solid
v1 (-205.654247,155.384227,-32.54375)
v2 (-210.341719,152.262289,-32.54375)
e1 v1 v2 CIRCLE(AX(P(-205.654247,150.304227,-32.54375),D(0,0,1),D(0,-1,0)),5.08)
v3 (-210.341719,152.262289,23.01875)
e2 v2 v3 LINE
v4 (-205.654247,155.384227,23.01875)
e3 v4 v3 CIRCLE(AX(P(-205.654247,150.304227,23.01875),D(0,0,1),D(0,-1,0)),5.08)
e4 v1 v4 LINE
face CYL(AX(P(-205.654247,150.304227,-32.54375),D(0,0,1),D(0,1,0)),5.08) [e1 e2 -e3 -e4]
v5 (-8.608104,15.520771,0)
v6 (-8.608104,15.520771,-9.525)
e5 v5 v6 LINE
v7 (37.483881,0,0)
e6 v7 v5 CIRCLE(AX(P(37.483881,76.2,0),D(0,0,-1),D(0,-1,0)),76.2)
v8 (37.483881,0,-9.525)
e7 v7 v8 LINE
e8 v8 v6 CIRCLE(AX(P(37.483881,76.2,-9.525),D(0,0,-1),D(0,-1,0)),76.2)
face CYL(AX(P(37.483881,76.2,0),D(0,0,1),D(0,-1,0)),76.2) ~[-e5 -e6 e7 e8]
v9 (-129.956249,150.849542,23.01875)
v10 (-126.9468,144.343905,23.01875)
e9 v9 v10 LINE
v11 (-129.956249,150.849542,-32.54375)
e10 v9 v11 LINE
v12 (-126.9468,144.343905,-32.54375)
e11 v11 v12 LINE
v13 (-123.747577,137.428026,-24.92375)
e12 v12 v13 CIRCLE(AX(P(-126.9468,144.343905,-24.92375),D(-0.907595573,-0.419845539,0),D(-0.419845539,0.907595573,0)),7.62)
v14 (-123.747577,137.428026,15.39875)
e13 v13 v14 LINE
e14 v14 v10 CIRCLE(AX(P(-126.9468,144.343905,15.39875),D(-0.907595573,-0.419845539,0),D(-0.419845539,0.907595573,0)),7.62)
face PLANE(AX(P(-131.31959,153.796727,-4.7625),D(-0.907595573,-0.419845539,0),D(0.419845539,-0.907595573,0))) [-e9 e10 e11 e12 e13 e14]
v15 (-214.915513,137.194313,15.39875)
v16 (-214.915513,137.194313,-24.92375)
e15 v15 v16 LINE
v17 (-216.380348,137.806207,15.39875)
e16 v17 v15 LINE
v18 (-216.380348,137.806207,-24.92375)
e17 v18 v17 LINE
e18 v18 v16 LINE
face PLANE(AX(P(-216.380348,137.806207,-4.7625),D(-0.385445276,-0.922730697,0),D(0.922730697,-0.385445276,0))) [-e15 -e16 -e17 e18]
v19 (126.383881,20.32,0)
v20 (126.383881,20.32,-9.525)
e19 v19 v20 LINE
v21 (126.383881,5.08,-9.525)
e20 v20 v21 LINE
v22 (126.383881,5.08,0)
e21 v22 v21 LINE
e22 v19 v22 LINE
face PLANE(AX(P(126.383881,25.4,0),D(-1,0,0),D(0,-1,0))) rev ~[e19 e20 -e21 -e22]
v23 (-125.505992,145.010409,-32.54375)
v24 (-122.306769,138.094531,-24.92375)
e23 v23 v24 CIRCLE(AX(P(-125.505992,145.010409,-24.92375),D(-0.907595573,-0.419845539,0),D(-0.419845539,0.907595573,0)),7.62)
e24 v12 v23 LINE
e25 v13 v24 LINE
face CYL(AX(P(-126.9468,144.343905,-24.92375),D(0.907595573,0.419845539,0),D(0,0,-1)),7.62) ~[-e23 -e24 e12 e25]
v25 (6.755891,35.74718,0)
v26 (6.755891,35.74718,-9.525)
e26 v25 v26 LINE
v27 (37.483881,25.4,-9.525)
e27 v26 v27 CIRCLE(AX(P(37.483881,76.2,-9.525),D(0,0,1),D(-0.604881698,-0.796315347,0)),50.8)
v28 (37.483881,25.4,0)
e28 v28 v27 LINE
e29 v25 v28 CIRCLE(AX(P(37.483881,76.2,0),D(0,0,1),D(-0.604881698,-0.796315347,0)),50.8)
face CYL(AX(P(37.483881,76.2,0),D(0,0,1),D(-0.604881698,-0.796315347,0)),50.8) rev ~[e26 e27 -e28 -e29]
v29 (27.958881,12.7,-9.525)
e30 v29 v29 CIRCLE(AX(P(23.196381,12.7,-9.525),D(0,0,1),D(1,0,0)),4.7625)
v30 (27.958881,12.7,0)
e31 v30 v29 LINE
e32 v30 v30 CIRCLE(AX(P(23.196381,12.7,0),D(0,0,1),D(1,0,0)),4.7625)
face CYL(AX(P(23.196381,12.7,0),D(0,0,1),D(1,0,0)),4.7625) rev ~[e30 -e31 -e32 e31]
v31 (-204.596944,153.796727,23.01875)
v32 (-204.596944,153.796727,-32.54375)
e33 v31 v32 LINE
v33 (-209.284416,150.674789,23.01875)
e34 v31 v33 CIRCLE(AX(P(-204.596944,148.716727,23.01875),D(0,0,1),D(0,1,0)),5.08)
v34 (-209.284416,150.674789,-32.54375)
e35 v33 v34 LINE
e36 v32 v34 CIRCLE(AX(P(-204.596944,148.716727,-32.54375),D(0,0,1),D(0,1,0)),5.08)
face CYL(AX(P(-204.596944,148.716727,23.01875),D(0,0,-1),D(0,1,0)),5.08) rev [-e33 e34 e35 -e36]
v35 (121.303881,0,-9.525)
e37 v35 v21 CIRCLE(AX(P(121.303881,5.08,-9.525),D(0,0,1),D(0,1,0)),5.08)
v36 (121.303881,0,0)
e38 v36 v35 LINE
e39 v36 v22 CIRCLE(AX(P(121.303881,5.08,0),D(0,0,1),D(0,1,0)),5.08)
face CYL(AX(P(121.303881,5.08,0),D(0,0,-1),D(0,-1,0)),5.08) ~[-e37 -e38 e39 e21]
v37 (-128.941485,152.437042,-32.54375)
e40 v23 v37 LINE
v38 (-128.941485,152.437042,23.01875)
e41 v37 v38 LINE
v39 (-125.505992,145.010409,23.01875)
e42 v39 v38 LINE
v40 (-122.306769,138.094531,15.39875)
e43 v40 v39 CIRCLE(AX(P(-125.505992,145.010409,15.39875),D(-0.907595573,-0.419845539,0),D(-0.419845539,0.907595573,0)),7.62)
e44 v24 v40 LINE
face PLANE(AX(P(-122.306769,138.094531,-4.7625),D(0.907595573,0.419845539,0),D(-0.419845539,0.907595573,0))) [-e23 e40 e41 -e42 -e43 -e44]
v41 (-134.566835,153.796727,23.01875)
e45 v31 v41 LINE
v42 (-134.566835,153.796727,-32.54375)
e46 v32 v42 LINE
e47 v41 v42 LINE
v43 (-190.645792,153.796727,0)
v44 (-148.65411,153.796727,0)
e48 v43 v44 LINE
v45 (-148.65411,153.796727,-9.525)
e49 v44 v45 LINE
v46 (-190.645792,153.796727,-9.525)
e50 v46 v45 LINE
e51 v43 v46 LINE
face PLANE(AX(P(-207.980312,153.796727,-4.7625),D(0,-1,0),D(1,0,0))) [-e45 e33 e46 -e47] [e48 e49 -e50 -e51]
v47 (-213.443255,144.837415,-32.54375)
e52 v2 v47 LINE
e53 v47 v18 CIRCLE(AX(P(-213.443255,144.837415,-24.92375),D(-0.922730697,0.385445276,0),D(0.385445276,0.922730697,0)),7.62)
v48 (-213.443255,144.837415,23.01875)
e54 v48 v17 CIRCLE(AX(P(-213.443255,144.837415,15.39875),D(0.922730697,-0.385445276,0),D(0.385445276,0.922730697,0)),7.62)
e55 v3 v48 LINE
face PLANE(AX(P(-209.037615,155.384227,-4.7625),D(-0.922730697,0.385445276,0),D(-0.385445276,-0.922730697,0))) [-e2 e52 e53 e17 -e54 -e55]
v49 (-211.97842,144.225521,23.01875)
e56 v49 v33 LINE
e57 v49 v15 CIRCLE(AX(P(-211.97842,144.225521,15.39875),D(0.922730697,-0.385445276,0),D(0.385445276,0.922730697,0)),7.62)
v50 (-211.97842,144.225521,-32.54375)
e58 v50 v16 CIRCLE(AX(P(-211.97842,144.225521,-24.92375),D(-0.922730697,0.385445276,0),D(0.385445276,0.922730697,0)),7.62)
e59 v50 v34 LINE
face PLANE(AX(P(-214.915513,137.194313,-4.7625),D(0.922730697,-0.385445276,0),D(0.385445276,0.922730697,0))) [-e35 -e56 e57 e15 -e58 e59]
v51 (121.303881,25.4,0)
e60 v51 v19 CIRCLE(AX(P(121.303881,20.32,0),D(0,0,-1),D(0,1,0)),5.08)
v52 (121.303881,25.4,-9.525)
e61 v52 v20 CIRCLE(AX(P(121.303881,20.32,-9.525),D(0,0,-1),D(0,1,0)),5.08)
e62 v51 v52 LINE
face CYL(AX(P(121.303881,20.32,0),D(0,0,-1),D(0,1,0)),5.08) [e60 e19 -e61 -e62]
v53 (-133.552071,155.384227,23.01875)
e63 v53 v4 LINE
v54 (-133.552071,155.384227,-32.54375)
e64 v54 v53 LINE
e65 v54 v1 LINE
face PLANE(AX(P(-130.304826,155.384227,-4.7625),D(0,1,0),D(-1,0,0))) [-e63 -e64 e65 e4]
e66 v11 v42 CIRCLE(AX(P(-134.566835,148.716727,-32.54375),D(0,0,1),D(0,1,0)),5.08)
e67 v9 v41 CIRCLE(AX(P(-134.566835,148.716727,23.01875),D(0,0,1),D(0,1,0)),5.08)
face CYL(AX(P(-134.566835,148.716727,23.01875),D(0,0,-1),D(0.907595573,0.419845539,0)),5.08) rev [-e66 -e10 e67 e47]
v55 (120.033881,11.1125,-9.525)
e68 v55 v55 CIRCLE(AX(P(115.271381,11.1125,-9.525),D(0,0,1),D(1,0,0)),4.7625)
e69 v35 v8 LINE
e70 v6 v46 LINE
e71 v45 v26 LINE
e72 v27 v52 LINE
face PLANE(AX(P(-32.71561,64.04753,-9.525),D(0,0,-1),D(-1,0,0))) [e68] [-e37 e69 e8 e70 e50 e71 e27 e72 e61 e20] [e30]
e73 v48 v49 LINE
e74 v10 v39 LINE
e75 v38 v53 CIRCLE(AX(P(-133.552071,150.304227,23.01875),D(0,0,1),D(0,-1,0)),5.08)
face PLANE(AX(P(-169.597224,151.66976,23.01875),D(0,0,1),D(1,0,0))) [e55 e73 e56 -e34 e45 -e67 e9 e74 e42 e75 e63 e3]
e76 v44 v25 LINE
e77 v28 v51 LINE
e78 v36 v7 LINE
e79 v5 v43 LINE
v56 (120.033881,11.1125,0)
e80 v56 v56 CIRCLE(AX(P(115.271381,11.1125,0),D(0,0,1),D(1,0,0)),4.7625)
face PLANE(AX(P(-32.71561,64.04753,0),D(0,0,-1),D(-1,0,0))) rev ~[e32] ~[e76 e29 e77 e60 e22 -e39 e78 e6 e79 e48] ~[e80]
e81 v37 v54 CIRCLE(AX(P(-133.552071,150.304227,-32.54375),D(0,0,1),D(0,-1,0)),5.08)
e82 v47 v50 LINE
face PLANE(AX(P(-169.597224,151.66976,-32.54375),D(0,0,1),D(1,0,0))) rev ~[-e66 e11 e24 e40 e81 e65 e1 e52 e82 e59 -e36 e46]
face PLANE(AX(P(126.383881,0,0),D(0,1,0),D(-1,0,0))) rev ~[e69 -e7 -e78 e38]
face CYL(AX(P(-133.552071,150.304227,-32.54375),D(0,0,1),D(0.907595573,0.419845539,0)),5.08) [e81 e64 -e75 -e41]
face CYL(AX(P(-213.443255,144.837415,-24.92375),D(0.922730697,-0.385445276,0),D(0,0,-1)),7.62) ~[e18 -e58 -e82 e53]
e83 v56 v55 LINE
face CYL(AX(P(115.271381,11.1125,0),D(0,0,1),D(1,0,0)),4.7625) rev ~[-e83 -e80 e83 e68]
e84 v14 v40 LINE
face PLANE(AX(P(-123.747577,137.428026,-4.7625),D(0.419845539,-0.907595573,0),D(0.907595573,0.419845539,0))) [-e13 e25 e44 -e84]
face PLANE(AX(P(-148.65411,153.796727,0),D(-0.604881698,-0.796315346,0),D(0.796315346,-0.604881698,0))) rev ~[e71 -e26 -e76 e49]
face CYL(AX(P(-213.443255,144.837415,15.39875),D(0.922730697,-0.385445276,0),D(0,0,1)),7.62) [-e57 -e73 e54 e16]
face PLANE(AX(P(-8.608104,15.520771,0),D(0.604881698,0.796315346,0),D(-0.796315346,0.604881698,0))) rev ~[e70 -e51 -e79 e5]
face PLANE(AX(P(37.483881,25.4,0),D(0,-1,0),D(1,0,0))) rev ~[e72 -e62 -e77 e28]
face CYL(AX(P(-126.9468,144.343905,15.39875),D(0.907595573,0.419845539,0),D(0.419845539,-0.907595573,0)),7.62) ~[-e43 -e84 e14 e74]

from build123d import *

# Parameters (mm, degrees)
BOSS_EXTRUDE1_DEPTH = 9.525
FILLET1_R           = 5.08
SKETCH2_R           = 4.7625
CUT_EXTRUDE1_DEPTH  = 246.132570215
BOSS_EXTRUDE2_DEPTH = 27.78125
FILLET2_R           = 5.08
FILLET3_R           = 7.62


with BuildPart() as part:
    # Sketch1 → Boss-Extrude1 (new body)
    with BuildSketch(Plane.XY):
        with BuildLine():
            Line((126.383881188, 0), (37.483881188, 0))
            ThreePointArc((37.483881188, 0), (13.166369807, 3.984360141), (-8.608104223, 15.520770598))
            Line((-8.608104223, 15.520770598), (-190.64579243, 153.796726831))
            Line((-190.64579243, 153.796726831), (-148.654110302, 153.796726831))
            Line((-148.654110302, 153.796726831), (6.755890914, 35.747180398))
            ThreePointArc((6.755890914, 35.747180398), (21.272206934, 28.056240094), (37.483881188, 25.4))
            Line((37.483881188, 25.4), (126.383881188, 25.4))
            Line((126.383881188, 25.4), (126.383881188, 0))
        make_face()
    extrude(amount=-BOSS_EXTRUDE1_DEPTH)

    # Fillet1
    fillet1_edges = [part.edges().sort_by_distance(p)[0] for p in [
        (126.383881188, 0, -4.7625),
        (126.383881188, 25.4, -4.7625),
    ]]
    fillet(fillet1_edges, radius=FILLET1_R)

    # Sketch2 → Cut-Extrude1 (cut, through all)
    with BuildSketch(Plane.XY):
        with Locations((115.271381188, 11.1125)):
            Circle(SKETCH2_R)
        with Locations((23.196381188, 12.7)):
            Circle(SKETCH2_R)
    extrude(amount=-CUT_EXTRUDE1_DEPTH, mode=Mode.SUBTRACT)

    # Sketch3 → Boss-Extrude2 (add, symmetric)
    with BuildSketch(Plane.XY.offset(-4.7625)):
        Polygon((-190.64579243, 153.796726831), (-148.654110302, 153.796726831), (-131.319590281, 153.796726831), (-123.747576859, 137.428026377), (-122.306768887, 138.09453117), (-130.304826398, 155.384226831), (-148.654110302, 155.384226831), (-190.64579243, 155.384226831), (-209.037615115, 155.384226831), (-216.380347625, 137.806207053), (-214.915512644, 137.194312678), (-207.980312451, 153.796726831), align=None)
    extrude(amount=BOSS_EXTRUDE2_DEPTH, both=True)

    # Fillet2
    fillet2_edges = [part.edges().sort_by_distance(p)[0] for p in [
        (-207.980312451, 153.796726831, -4.7625),
        (-131.319590281, 153.796726831, -4.7625),
        (-130.304826398, 155.384226831, -4.7625),
        (-209.037615115, 155.384226831, -4.7625),
    ]]
    fillet(fillet2_edges, radius=FILLET2_R)

    # Fillet3
    fillet3_edges = [part.edges().sort_by_distance(p)[0] for p in [
        (-123.027172873, 137.761278773, -32.54375),
        (-215.647930134, 137.500259865, -32.54375),
        (-123.027172873, 137.761278773, 23.01875),
        (-215.647930134, 137.500259865, 23.01875),
    ]]
    fillet(fillet3_edges, radius=FILLET3_R)


solid = part.part
